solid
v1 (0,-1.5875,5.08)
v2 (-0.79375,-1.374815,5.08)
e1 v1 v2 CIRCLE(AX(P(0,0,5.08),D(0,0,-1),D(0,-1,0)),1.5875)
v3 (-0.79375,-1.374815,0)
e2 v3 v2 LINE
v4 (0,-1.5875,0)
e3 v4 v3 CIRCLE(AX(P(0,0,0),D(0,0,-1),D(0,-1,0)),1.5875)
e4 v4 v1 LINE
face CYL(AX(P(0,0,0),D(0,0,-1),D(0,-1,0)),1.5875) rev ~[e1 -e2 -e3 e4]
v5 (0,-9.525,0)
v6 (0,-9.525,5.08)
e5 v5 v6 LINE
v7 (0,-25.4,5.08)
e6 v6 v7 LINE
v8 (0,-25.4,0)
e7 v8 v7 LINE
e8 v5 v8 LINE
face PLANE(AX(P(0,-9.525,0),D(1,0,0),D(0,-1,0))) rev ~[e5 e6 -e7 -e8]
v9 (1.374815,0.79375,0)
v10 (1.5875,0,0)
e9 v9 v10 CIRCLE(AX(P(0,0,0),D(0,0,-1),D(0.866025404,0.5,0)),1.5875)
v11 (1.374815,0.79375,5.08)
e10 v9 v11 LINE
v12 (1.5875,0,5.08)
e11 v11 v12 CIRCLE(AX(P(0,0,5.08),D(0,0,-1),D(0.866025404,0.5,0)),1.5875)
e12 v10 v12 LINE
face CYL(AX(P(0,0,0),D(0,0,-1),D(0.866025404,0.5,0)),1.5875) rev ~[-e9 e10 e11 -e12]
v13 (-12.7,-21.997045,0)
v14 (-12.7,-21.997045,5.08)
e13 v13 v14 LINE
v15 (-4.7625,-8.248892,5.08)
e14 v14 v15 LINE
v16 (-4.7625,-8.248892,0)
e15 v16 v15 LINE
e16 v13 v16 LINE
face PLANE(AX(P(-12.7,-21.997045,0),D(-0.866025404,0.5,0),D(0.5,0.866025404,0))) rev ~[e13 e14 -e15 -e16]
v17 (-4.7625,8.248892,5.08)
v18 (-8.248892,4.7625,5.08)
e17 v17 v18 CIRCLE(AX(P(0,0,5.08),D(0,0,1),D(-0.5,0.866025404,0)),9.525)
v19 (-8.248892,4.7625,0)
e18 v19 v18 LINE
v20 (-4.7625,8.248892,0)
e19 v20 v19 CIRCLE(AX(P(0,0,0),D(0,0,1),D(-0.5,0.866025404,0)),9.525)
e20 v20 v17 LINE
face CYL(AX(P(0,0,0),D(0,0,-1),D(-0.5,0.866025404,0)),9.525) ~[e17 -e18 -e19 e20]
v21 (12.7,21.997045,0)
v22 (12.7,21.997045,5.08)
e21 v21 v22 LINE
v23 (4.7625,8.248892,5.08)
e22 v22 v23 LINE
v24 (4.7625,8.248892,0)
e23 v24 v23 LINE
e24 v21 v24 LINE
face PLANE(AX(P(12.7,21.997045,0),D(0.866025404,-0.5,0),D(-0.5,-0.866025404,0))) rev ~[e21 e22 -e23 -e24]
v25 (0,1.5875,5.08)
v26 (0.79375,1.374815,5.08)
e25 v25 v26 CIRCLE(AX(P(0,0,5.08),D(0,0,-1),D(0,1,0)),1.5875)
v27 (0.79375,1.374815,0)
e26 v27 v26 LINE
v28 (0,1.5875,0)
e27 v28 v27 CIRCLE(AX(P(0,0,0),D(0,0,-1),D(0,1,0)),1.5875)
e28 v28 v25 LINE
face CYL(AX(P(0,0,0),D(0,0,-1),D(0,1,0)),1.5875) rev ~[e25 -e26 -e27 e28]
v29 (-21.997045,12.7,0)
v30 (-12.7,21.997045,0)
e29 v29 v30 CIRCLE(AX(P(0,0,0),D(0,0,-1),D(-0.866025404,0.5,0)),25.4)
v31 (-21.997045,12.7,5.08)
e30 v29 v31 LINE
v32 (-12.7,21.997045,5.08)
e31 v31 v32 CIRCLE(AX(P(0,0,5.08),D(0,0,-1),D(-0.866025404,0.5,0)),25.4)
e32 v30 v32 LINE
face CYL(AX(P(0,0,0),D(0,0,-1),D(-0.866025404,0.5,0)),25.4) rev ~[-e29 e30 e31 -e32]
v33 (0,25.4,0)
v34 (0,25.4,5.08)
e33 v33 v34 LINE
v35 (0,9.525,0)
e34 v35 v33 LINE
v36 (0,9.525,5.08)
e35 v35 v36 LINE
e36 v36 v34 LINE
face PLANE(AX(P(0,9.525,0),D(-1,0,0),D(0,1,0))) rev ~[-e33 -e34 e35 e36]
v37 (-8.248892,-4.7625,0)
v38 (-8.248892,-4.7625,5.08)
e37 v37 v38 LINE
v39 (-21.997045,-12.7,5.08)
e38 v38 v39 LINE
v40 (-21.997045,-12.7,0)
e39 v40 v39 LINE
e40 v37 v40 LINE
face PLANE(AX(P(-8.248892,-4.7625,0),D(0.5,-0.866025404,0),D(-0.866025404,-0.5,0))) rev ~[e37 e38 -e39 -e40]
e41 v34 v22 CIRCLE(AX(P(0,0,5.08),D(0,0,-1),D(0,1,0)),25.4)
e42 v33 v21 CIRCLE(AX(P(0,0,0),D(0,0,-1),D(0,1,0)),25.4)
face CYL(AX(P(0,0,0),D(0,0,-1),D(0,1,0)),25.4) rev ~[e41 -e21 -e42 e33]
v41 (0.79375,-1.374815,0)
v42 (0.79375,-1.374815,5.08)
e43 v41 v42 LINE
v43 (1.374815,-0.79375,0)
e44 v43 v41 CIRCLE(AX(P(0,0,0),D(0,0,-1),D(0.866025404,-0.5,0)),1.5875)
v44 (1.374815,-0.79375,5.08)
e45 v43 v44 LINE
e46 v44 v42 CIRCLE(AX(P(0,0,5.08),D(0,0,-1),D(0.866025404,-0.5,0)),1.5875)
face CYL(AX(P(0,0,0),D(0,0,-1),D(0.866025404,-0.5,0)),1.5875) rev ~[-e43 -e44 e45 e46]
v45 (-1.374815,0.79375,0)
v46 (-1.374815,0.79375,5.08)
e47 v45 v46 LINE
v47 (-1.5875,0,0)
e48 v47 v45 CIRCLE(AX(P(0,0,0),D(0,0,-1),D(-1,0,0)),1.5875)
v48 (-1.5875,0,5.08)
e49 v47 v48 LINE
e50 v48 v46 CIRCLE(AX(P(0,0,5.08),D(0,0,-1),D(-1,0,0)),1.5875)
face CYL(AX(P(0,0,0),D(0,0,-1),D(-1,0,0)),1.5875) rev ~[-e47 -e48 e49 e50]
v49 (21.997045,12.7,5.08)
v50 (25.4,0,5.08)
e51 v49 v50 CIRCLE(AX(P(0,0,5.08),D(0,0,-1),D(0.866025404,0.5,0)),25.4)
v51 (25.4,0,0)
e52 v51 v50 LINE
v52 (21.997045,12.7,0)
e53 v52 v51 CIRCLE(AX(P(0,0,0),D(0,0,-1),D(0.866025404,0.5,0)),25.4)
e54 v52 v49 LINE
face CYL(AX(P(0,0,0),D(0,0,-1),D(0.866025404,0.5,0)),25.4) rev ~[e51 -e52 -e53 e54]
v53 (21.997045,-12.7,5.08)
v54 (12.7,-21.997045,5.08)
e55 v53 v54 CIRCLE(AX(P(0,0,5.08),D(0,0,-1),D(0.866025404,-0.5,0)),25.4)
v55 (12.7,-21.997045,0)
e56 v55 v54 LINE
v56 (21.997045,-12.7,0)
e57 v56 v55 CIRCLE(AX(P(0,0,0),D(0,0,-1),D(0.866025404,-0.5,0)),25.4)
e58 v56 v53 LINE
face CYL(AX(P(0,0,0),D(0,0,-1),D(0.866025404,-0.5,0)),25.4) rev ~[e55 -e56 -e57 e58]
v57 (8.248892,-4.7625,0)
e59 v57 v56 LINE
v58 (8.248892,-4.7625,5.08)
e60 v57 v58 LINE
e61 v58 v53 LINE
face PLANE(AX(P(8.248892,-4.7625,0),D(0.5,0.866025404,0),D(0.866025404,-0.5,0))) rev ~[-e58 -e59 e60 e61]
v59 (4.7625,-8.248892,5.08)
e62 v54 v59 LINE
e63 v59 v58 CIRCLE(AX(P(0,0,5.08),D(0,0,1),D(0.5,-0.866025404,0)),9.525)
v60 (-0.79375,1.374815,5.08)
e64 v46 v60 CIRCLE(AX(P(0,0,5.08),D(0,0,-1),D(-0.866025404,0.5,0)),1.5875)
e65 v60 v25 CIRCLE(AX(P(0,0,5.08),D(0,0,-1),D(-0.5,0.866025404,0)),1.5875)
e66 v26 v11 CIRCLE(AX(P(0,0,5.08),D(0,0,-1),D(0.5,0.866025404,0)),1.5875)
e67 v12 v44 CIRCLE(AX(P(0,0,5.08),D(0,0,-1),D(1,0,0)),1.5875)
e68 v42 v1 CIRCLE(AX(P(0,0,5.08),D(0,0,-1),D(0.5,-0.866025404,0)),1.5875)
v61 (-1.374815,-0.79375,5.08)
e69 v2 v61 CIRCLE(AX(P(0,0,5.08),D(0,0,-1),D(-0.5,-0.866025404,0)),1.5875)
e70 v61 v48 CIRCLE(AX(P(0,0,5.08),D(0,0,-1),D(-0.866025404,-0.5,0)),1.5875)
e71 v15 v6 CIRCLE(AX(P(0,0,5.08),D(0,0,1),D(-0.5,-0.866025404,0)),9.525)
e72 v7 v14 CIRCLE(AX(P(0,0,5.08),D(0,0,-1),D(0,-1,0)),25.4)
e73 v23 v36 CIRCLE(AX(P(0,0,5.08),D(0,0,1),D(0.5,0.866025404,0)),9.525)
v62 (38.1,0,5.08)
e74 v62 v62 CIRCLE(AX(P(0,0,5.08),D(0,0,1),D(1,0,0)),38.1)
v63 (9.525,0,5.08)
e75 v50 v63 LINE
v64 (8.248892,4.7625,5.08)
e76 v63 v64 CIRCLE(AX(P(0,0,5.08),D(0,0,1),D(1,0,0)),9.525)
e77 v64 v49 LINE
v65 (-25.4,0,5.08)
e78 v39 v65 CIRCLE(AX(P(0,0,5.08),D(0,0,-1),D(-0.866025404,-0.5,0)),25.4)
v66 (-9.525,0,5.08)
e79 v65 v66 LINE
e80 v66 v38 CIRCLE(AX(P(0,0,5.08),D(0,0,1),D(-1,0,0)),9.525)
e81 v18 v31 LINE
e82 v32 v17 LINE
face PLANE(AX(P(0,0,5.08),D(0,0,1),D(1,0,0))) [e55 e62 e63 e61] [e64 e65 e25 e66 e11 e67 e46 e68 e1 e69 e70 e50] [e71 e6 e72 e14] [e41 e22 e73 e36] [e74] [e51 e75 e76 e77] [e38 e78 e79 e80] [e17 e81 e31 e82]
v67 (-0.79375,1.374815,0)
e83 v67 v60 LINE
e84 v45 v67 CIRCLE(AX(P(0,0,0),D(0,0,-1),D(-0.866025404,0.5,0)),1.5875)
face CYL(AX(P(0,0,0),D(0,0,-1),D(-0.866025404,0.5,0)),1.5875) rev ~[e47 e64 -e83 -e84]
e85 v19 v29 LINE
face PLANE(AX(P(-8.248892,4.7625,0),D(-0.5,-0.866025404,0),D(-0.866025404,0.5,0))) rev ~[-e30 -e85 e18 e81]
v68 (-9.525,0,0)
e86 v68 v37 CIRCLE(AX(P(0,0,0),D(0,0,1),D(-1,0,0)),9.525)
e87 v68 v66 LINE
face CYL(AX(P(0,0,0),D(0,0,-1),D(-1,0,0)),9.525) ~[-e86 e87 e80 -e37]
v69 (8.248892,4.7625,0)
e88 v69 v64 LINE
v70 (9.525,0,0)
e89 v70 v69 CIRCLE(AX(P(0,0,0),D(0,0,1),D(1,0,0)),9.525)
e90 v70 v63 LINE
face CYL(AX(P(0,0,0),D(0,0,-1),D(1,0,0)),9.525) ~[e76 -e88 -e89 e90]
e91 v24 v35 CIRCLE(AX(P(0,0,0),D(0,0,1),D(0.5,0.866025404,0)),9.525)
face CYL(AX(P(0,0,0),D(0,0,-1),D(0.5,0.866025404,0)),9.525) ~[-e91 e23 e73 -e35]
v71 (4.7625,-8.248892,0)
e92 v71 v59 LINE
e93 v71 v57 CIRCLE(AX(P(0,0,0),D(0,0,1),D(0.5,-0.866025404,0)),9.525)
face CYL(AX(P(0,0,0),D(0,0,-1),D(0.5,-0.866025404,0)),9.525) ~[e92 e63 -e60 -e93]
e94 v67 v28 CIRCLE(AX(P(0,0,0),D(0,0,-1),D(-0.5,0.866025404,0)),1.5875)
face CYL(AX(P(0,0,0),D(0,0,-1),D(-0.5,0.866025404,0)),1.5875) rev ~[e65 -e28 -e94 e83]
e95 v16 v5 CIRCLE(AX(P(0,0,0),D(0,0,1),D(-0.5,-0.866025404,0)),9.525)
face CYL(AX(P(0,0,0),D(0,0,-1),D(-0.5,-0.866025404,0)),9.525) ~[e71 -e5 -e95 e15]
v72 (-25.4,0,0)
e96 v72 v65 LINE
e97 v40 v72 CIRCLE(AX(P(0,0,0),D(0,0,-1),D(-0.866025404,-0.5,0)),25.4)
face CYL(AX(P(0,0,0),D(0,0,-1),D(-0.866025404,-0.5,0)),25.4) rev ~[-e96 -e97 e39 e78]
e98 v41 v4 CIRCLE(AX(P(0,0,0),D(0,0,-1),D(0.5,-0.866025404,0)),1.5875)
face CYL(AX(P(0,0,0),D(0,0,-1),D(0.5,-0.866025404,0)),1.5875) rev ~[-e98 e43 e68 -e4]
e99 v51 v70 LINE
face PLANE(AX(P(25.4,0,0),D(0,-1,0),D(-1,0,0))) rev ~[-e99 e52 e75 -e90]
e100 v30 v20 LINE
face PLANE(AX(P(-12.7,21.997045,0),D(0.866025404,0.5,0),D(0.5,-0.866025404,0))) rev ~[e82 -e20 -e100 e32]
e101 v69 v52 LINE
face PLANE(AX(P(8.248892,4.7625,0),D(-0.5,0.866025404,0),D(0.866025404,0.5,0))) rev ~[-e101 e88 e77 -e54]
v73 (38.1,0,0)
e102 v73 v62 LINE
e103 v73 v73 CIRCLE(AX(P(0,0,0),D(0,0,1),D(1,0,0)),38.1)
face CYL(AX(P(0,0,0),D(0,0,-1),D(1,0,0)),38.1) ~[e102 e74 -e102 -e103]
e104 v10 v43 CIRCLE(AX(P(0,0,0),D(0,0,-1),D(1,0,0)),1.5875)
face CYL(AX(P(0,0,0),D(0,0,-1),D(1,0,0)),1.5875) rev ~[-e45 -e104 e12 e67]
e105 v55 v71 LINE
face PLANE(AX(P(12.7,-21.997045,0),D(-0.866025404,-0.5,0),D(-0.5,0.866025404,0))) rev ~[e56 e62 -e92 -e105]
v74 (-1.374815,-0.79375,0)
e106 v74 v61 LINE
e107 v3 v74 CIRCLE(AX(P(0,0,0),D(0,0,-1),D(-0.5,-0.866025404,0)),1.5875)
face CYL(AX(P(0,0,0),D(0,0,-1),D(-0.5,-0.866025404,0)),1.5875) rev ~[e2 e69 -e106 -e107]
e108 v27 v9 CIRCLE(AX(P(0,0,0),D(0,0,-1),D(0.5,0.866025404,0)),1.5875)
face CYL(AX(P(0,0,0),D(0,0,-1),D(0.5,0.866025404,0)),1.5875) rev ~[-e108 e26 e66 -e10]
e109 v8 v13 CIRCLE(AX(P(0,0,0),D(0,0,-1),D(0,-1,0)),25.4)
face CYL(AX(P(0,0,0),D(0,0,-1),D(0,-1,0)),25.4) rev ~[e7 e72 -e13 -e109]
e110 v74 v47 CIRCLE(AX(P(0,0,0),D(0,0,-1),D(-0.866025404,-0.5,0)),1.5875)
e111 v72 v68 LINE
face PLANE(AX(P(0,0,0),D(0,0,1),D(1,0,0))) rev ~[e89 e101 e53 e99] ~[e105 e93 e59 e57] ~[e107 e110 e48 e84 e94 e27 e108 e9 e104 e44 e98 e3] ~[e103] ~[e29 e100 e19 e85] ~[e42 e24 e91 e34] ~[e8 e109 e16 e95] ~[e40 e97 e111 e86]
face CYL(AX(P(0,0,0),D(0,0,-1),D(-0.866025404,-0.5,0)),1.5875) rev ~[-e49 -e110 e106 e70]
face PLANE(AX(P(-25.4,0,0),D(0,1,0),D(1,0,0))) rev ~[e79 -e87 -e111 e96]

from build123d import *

# Parameters (mm, degrees)
F0_R     = 38.1
F1_DEPTH = 5.08


with BuildPart() as f1:
    # F0 (on Top) → F1 (new body)
    with BuildSketch(Plane.XY):
        Circle(F0_R)
        with BuildLine():
            ThreePointArc((21.9970452561, 12.7), (24.5345159877, 6.5740037456), (25.4, 0))
            ThreePointArc((25.4, 0), (24.5345159877, -6.5740037456), (21.9970452561, -12.7))
            ThreePointArc((21.9970452561, -12.7), (17.9605122421, -17.9605122421), (12.7, -21.9970452561))
            ThreePointArc((12.7, -21.9970452561), (6.5740037456, -24.5345159877), (0, -25.4))
            ThreePointArc((0, -25.4), (-6.5740037456, -24.5345159877), (-12.7, -21.9970452561))
            ThreePointArc((-12.7, -21.9970452561), (-17.9605122421, -17.9605122421), (-21.9970452561, -12.7))
            ThreePointArc((-21.9970452561, -12.7), (-24.5345159877, -6.5740037456), (-25.4, 0))
            ThreePointArc((-25.4, 0), (-24.5345159877, 6.5740037456), (-21.9970452561, 12.7))
            ThreePointArc((-21.9970452561, 12.7), (-17.9605122421, 17.9605122421), (-12.7, 21.9970452561))
            ThreePointArc((-12.7, 21.9970452561), (-6.5740037456, 24.5345159877), (0, 25.4))
            ThreePointArc((0, 25.4), (6.5740037456, 24.5345159877), (12.7, 21.9970452561))
            ThreePointArc((12.7, 21.9970452561), (17.9605122421, 17.9605122421), (21.9970452561, 12.7))
        make_face(mode=Mode.SUBTRACT)
        with BuildLine():
            Line((8.248891971, 4.7625), (21.9970452561, 12.7))
            ThreePointArc((21.9970452561, 12.7), (17.9605122421, 17.9605122421), (12.7, 21.9970452561))
            Line((12.7, 21.9970452561), (4.7625, 8.248891971))
            ThreePointArc((4.7625, 8.248891971), (6.7351920908, 6.7351920908), (8.248891971, 4.7625))
        make_face()
        with BuildLine():
            Line((-8.248891971, 4.7625), (-21.9970452561, 12.7))
            ThreePointArc((-21.9970452561, 12.7), (-24.5345159877, 6.5740037456), (-25.4, 0))
            Line((-25.4, 0), (-9.525, 0))
            ThreePointArc((-9.525, 0), (-9.2004434954, 2.4652514046), (-8.248891971, 4.7625))
        make_face()
        with BuildLine():
            ThreePointArc((-21.9970452561, -12.7), (-17.9605122421, -17.9605122421), (-12.7, -21.9970452561))
            Line((-12.7, -21.9970452561), (-4.7625, -8.248891971))
            ThreePointArc((-4.7625, -8.248891971), (-6.7351920908, -6.7351920908), (-8.248891971, -4.7625))
            Line((-8.248891971, -4.7625), (-21.9970452561, -12.7))
        make_face()
        with BuildLine():
            Line((0, 9.525), (0, 25.4))
            ThreePointArc((0, 25.4), (-6.5740037456, 24.5345159877), (-12.7, 21.9970452561))
            Line((-12.7, 21.9970452561), (-4.7625, 8.248891971))
            ThreePointArc((-4.7625, 8.248891971), (-2.4652514046, 9.2004434954), (0, 9.525))
        make_face()
        with BuildLine():
            ThreePointArc((0, -25.4), (6.5740037456, -24.5345159877), (12.7, -21.9970452561))
            Line((12.7, -21.9970452561), (4.7625, -8.248891971))
            ThreePointArc((4.7625, -8.248891971), (2.4652514046, -9.2004434954), (0, -9.525))
            Line((0, -9.525), (0, -25.4))
        make_face()
        with BuildLine():
            ThreePointArc((21.9970452561, -12.7), (24.5345159877, -6.5740037456), (25.4, 0))
            Line((25.4, 0), (9.525, 0))
            ThreePointArc((9.525, 0), (9.2004434954, -2.4652514046), (8.248891971, -4.7625))
            Line((8.248891971, -4.7625), (21.9970452561, -12.7))
        make_face()
        with BuildLine():
            ThreePointArc((-0.79375, -1.3748153285), (-1.1225320151, -1.1225320151), (-1.3748153285, -0.79375))
            Line((-1.3748153285, -0.79375), (-8.248891971, -4.7625))
            ThreePointArc((-8.248891971, -4.7625), (-6.7351920908, -6.7351920908), (-4.7625, -8.248891971))
            Line((-4.7625, -8.248891971), (-0.79375, -1.3748153285))
        make_face()
        with BuildLine():
            ThreePointArc((-4.7625, -8.248891971), (-2.4652514046, -9.2004434954), (0, -9.525))
            Line((0, -9.525), (0, -1.5875))
            ThreePointArc((0, -1.5875), (-0.4108752341, -1.5334072492), (-0.79375, -1.3748153285))
            Line((-0.79375, -1.3748153285), (-4.7625, -8.248891971))
        make_face()
        with BuildLine():
            ThreePointArc((0, -9.525), (2.4652514046, -9.2004434954), (4.7625, -8.248891971))
            Line((4.7625, -8.248891971), (0.79375, -1.3748153285))
            ThreePointArc((0.79375, -1.3748153285), (0.4108752341, -1.5334072492), (0, -1.5875))
            Line((0, -1.5875), (0, -9.525))
        make_face()
        with BuildLine():
            ThreePointArc((4.7625, -8.248891971), (6.7351920908, -6.7351920908), (8.248891971, -4.7625))
            Line((8.248891971, -4.7625), (1.3748153285, -0.79375))
            ThreePointArc((1.3748153285, -0.79375), (1.1225320151, -1.1225320151), (0.79375, -1.3748153285))
            Line((0.79375, -1.3748153285), (4.7625, -8.248891971))
        make_face()
        with BuildLine():
            ThreePointArc((8.248891971, -4.7625), (9.2004434954, -2.4652514046), (9.525, 0))
            Line((9.525, 0), (1.5875, 0))
            ThreePointArc((1.5875, 0), (1.5334072492, -0.4108752341), (1.3748153285, -0.79375))
            Line((1.3748153285, -0.79375), (8.248891971, -4.7625))
        make_face()
        with BuildLine():
            Line((1.5875, 0), (9.525, 0))
            ThreePointArc((9.525, 0), (9.2004434954, 2.4652514046), (8.248891971, 4.7625))
            Line((8.248891971, 4.7625), (1.3748153285, 0.79375))
            ThreePointArc((1.3748153285, 0.79375), (1.5334072492, 0.4108752341), (1.5875, 0))
        make_face()
        with BuildLine():
            Line((1.3748153285, 0.79375), (8.248891971, 4.7625))
            ThreePointArc((8.248891971, 4.7625), (6.7351920908, 6.7351920908), (4.7625, 8.248891971))
            Line((4.7625, 8.248891971), (0.79375, 1.3748153285))
            ThreePointArc((0.79375, 1.3748153285), (1.1225320151, 1.1225320151), (1.3748153285, 0.79375))
        make_face()
        with BuildLine():
            Line((0.79375, 1.3748153285), (4.7625, 8.248891971))
            ThreePointArc((4.7625, 8.248891971), (2.4652514046, 9.2004434954), (0, 9.525))
            Line((0, 9.525), (0, 1.5875))
            ThreePointArc((0, 1.5875), (0.4108752341, 1.5334072492), (0.79375, 1.3748153285))
        make_face()
        with BuildLine():
            Line((0, 1.5875), (0, 9.525))
            ThreePointArc((0, 9.525), (-2.4652514046, 9.2004434954), (-4.7625, 8.248891971))
            Line((-4.7625, 8.248891971), (-0.79375, 1.3748153285))
            ThreePointArc((-0.79375, 1.3748153285), (-0.4108752341, 1.5334072492), (0, 1.5875))
        make_face()
        with BuildLine():
            ThreePointArc((-1.3748153285, 0.79375), (-1.1225320151, 1.1225320151), (-0.79375, 1.3748153285))
            Line((-0.79375, 1.3748153285), (-4.7625, 8.248891971))
            ThreePointArc((-4.7625, 8.248891971), (-6.7351920908, 6.7351920908), (-8.248891971, 4.7625))
            Line((-8.248891971, 4.7625), (-1.3748153285, 0.79375))
        make_face()
        with BuildLine():
            ThreePointArc((-1.5875, 0), (-1.5334072492, 0.4108752341), (-1.3748153285, 0.79375))
            Line((-1.3748153285, 0.79375), (-8.248891971, 4.7625))
            ThreePointArc((-8.248891971, 4.7625), (-9.2004434954, 2.4652514046), (-9.525, 0))
            Line((-9.525, 0), (-1.5875, 0))
        make_face()
        with BuildLine():
            ThreePointArc((-1.3748153285, -0.79375), (-1.5334072492, -0.4108752341), (-1.5875, 0))
            Line((-1.5875, 0), (-9.525, 0))
            ThreePointArc((-9.525, 0), (-9.2004434954, -2.4652514046), (-8.248891971, -4.7625))
            Line((-8.248891971, -4.7625), (-1.3748153285, -0.79375))
        make_face()
    extrude(amount=F1_DEPTH)


solid = f1.part
